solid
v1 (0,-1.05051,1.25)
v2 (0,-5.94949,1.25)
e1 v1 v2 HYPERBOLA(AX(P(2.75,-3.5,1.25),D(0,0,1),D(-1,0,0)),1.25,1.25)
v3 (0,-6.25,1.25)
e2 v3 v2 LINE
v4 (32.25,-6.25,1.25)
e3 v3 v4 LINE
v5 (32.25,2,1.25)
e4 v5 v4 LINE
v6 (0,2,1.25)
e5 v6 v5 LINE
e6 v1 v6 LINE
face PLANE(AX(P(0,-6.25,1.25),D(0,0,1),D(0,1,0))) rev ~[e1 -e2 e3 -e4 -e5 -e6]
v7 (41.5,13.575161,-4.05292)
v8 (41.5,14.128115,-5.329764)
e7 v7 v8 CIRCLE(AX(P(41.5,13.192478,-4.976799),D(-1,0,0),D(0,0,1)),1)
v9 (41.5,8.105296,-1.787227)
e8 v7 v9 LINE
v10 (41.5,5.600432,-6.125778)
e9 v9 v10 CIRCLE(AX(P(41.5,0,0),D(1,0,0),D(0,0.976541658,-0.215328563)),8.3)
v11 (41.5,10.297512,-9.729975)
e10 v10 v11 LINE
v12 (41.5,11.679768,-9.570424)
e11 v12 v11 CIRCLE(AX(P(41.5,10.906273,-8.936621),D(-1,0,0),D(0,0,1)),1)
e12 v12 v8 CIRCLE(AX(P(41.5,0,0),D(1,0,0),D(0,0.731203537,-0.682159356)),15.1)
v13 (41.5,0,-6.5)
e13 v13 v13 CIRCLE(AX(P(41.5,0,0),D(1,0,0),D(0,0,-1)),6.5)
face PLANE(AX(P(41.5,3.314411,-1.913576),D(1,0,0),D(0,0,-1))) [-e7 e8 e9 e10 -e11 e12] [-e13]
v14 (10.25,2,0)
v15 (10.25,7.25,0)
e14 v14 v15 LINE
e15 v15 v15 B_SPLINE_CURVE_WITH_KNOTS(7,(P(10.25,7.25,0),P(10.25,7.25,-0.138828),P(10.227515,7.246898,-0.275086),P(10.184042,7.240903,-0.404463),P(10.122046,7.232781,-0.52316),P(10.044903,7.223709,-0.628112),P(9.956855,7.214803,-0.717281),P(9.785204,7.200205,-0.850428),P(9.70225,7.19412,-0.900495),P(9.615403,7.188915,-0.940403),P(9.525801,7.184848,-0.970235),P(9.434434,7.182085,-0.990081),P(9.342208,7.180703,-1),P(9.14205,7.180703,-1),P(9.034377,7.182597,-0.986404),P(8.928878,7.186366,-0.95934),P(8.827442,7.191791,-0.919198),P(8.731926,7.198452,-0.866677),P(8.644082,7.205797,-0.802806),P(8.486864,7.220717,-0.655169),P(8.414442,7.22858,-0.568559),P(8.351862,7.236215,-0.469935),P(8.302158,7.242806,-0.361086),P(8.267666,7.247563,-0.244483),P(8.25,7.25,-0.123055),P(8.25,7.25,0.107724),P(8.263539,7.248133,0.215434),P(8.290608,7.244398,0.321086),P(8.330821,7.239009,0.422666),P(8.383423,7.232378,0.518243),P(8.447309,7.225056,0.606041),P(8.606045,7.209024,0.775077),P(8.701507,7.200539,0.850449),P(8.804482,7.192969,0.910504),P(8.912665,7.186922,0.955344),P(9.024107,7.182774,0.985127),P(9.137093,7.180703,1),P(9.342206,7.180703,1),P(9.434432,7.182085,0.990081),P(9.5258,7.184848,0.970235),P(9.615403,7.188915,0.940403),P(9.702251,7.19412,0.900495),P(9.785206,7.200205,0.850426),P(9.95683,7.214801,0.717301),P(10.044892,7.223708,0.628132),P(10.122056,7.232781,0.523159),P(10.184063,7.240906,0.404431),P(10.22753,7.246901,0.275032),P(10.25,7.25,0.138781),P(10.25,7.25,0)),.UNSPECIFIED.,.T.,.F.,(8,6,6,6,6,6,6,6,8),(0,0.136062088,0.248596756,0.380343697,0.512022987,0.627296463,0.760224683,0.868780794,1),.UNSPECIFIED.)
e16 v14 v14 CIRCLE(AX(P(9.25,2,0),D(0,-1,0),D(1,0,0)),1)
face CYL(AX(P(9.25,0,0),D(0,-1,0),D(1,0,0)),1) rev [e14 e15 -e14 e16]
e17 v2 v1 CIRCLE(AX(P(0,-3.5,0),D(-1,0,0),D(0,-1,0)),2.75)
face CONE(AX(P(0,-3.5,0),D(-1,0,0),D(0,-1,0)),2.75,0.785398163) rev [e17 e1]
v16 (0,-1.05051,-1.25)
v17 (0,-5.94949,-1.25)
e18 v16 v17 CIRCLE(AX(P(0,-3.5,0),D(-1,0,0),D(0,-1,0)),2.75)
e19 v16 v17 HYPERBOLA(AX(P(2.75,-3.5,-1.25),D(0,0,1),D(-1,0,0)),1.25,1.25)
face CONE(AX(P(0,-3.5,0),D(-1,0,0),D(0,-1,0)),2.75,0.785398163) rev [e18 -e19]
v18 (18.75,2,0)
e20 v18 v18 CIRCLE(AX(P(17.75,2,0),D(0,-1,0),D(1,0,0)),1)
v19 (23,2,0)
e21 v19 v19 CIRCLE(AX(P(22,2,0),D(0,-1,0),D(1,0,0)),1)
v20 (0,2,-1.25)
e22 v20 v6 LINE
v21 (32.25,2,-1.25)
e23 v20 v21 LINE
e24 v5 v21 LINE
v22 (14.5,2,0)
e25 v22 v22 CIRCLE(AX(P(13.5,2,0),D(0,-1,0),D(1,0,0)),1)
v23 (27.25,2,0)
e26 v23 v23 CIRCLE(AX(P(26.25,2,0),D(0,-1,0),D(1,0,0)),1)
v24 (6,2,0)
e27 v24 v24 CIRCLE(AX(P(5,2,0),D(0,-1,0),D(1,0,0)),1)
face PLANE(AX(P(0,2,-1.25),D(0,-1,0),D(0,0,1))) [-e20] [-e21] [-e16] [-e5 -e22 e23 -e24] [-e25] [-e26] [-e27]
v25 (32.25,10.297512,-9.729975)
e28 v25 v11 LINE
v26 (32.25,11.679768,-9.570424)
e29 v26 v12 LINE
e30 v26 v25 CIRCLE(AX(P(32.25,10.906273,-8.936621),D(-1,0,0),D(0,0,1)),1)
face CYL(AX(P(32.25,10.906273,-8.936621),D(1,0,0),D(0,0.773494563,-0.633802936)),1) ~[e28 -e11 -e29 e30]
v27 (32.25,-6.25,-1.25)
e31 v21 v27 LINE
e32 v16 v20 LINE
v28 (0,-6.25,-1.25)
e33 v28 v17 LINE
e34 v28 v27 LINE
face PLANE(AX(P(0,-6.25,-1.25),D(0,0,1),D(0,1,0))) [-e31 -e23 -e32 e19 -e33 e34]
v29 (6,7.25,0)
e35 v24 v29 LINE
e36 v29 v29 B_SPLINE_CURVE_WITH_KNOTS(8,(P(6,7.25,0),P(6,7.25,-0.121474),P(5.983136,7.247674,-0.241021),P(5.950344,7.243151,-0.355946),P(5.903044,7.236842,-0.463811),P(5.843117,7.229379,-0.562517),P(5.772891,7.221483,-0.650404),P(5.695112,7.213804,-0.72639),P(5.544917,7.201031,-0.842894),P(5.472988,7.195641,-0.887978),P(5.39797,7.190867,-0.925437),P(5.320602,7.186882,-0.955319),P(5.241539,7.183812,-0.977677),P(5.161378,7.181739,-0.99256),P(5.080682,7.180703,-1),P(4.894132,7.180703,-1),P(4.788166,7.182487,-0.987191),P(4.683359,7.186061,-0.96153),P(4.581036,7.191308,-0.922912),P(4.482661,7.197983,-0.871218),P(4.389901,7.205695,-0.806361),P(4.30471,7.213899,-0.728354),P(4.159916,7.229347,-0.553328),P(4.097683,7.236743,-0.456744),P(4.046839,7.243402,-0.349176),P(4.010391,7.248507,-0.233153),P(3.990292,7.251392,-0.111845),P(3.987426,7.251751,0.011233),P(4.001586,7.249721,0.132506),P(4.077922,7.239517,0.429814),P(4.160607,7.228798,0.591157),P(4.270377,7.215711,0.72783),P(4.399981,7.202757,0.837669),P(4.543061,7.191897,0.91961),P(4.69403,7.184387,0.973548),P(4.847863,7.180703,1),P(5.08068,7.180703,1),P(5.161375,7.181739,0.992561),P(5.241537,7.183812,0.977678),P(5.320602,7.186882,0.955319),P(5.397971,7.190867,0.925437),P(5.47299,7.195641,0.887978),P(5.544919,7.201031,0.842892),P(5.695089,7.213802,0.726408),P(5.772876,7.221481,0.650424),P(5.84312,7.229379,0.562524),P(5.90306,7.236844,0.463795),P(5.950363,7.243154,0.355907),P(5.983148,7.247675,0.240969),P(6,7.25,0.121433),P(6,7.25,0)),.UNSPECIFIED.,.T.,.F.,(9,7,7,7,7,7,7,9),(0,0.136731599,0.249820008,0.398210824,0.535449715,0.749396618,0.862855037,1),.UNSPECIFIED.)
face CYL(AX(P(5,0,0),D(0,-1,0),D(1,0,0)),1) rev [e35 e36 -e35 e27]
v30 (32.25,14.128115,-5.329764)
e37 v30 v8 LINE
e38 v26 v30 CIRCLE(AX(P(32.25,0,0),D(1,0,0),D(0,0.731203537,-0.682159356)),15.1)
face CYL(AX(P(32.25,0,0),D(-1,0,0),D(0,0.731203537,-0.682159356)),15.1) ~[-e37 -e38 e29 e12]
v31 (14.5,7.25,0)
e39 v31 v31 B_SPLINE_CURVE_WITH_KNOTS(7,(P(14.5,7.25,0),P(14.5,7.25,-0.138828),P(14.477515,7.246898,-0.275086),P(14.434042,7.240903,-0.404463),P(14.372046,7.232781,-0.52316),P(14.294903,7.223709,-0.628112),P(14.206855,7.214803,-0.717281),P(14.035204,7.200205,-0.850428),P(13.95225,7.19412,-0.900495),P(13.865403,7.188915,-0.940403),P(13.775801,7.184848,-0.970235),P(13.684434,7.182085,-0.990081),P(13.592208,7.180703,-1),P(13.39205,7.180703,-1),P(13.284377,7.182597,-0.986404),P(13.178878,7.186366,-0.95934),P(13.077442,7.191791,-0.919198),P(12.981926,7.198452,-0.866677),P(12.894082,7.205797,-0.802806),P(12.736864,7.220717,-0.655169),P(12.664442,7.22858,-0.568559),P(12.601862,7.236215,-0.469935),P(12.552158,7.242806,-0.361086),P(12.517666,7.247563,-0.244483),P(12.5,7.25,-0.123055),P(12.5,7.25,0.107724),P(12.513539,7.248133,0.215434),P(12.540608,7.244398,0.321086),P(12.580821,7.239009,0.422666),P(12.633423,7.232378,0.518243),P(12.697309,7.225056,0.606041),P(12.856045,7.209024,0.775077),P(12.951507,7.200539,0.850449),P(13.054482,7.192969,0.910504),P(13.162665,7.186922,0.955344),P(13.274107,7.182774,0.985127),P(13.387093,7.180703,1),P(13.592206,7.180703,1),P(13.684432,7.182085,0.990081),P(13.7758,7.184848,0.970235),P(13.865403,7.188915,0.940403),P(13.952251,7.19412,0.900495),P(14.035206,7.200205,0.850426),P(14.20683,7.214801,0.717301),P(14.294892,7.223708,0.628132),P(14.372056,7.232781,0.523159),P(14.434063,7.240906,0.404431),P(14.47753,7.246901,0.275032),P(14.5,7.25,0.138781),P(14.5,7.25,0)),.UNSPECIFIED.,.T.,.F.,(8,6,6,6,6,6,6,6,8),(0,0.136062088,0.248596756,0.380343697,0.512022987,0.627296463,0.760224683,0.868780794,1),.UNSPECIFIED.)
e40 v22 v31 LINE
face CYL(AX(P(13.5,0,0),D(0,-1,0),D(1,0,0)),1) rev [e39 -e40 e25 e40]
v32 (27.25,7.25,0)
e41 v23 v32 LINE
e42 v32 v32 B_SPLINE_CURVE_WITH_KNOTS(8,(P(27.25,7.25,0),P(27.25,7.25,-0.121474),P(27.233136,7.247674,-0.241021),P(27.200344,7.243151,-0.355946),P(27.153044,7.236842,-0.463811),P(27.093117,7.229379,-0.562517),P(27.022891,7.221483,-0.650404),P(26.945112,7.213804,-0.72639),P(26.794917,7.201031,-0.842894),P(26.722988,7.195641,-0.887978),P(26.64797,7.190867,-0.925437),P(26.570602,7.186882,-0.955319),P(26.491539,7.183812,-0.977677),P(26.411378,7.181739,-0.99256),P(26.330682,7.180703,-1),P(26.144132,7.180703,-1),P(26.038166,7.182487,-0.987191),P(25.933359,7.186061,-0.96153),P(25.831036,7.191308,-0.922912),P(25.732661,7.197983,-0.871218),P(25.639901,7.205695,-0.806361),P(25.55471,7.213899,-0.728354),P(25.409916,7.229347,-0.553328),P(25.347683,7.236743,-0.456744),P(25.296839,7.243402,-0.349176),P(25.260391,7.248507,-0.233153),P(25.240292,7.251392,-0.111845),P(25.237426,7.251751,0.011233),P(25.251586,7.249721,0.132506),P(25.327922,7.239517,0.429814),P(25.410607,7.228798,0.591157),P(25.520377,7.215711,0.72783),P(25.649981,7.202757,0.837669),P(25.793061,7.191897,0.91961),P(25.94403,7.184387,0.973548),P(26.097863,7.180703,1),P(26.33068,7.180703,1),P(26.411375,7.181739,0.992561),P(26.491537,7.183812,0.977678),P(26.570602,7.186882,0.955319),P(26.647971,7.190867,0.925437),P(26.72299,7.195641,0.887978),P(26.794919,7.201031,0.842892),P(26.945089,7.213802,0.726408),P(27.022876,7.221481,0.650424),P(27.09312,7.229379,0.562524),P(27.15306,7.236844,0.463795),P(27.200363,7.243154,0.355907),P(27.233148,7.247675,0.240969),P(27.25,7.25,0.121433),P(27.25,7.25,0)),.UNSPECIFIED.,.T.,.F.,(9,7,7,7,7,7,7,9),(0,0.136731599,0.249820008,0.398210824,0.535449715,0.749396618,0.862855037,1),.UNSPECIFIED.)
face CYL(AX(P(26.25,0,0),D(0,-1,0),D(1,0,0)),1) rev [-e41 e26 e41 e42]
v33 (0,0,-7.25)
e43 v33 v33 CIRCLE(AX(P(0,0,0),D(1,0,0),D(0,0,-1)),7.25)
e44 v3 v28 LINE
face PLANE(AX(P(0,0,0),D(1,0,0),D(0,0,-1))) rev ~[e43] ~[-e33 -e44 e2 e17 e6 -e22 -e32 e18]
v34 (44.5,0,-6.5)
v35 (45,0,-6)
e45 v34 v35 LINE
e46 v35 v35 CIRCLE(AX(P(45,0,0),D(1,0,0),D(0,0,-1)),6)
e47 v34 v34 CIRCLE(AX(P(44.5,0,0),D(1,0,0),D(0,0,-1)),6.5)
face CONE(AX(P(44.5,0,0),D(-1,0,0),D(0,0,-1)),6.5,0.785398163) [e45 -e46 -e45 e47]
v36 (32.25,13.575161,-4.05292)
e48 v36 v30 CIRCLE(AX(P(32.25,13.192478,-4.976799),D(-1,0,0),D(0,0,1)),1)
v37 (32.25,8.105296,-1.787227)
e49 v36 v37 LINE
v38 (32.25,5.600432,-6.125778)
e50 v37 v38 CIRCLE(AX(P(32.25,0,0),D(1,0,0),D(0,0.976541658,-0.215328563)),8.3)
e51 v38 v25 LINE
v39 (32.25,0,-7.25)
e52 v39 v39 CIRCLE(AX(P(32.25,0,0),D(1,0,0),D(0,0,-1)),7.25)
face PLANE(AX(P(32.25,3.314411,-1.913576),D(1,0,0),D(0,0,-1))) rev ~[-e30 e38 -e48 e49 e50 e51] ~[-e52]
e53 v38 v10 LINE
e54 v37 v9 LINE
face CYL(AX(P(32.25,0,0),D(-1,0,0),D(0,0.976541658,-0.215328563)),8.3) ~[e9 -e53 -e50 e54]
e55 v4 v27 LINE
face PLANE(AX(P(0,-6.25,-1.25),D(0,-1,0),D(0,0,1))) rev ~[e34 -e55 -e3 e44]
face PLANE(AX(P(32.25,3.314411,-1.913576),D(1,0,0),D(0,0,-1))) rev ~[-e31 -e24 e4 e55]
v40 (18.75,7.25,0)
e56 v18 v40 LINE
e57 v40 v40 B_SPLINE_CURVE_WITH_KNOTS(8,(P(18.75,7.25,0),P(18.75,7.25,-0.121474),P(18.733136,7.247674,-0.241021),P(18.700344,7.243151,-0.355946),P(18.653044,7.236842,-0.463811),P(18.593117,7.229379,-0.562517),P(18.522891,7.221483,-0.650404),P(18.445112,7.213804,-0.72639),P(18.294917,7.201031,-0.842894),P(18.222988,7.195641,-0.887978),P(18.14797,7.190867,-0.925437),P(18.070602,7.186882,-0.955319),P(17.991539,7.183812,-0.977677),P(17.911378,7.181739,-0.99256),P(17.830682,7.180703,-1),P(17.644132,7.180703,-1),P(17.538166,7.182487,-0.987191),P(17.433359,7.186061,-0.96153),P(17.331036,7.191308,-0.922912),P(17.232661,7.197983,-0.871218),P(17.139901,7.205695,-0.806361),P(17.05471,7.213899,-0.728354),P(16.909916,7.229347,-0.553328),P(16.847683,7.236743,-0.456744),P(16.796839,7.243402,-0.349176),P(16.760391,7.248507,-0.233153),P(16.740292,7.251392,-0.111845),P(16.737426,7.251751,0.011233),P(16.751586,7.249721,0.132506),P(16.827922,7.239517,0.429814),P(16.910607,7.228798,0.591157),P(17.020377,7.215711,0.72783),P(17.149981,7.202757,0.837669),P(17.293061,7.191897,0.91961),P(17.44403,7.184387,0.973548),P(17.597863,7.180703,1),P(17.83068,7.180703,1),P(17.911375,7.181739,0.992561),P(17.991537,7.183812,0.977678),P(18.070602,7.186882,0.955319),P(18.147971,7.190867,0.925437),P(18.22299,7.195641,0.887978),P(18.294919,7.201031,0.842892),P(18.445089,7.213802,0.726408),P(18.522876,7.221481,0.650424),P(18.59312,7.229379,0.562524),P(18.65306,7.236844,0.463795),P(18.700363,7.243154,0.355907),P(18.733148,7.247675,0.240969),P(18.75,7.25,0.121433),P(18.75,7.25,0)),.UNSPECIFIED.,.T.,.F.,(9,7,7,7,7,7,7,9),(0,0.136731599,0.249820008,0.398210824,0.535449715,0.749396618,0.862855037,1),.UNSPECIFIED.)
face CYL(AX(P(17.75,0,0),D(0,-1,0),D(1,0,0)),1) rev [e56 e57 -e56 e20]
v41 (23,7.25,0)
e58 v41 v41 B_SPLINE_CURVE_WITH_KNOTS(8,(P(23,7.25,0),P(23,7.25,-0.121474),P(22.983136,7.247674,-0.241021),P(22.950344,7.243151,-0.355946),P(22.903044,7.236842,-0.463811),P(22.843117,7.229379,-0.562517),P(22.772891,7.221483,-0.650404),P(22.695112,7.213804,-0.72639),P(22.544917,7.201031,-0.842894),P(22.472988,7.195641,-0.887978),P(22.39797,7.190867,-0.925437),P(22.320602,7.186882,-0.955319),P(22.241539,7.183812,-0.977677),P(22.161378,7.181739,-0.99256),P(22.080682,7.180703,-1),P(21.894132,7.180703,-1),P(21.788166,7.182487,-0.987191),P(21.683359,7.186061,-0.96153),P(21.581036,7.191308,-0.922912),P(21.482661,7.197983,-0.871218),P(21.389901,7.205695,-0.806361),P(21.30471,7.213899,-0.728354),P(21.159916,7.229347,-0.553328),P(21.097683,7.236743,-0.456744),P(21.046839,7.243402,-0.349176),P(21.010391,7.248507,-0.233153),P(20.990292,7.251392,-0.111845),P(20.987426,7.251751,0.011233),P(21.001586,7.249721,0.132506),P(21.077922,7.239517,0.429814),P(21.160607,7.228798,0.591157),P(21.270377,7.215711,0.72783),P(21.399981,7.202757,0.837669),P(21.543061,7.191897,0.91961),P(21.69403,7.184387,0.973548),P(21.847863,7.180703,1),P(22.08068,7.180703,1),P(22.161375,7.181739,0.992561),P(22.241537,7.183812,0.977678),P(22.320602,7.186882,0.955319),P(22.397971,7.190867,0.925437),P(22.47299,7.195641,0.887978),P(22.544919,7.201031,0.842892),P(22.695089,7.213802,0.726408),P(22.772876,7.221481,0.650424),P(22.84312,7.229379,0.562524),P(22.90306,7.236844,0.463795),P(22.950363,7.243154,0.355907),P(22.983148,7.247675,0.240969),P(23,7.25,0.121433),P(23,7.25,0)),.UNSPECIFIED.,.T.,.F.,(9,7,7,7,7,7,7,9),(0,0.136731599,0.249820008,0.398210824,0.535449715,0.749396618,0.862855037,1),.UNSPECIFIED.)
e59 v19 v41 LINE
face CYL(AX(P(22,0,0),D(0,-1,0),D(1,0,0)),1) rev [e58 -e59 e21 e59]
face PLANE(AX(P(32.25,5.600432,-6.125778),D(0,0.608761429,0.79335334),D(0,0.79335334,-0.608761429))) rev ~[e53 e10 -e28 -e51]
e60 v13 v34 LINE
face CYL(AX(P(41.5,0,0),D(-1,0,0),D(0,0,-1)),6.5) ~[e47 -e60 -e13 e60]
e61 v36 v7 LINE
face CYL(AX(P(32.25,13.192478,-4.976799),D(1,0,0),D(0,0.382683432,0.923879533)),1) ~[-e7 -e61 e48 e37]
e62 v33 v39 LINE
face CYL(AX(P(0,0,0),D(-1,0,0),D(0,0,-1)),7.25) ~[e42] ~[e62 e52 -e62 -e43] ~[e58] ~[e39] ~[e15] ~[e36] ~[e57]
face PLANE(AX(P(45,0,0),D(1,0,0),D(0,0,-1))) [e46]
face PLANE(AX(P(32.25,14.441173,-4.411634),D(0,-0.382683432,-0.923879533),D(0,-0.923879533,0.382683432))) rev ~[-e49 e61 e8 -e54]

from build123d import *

# Parameters (mm, degrees)
SKETCH1_R           = 7.25
OUTSIDE_DIA_DEPTH   = 32.25
SKETCH2_W           = 2.5
SKETCH2_H           = 8.25
KEYHOLE_DEPTH       = 33.25
SKETCH3_R           = 1
PIN_1_DEPTH         = 35
LPATTERN1_COUNT     = 6
LPATTERN1_PITCH     = 4.25
CAM_DEPTH           = 9.25
FILLET_R1_R         = 1
SKETCH6_R           = 6.5
END_BIT_DEPTH       = 3.5
F_0_5_X_45_DEG_SIZE = 0.5


with BuildPart() as part:
    # Sketch1 → outside dia (new body)
    with BuildSketch(Plane(origin=(0, 0, 0), x_dir=(0, 0, -1), z_dir=(1, 0, 0))):
        Circle(SKETCH1_R)
    extrude(amount=OUTSIDE_DIA_DEPTH)

    # Sketch2 → keyhole (cut, through all)
    with BuildSketch(Plane.ZY):
        with Locations((0, -2.125)):
            Rectangle(SKETCH2_W, SKETCH2_H)
    extrude(amount=-KEYHOLE_DEPTH, mode=Mode.SUBTRACT)

    # Sketch3 → pin 1 (cut)
    with BuildSketch(Plane(origin=(0, 0, 0), x_dir=(1, 0, 0), z_dir=(0, 1, 0))):
        with Locations((5, 0)):
            Circle(SKETCH3_R)
    pin_1 = extrude(amount=PIN_1_DEPTH, mode=Mode.SUBTRACT)

    # LPattern1: pin 1 ×6
    with Locations(*[(i * LPATTERN1_PITCH, 0, 0) for i in range(1, LPATTERN1_COUNT)]):
        add(pin_1, mode=Mode.SUBTRACT)

    # Sketch4 → front cone 5.5 x 90 deg (revolve, cut)
    with BuildSketch(Plane.XY):
        Polygon((0, -3.5), (0, -6.25), (2.75, -3.5), align=None)
    revolve(axis=Axis((2.75, -3.5, 0), (-1, 0, 0)), mode=Mode.SUBTRACT)

    # Sketch5 → cam (add)
    with BuildSketch(Plane(origin=(32.25, 0, 0), x_dir=(0, 0, -1), z_dir=(1, 0, 0))):
        with BuildLine():
            Line((4.411633528, 14.441173415), (1.787227075, 8.105295762))
            ThreePointArc((1.787227075, 8.105295762), (-4.15, -7.188010851), (6.125778497, 5.60043193))
            Line((6.125778497, 5.60043193), (10.300606274, 11.041173415))
            ThreePointArc((10.300606274, 11.041173415), (7.55, 13.076983597), (4.411633528, 14.441173415))
        make_face()
    extrude(amount=CAM_DEPTH)

    # Fillet R1
    fillet_r1_edges = [part.edges().sort_by_distance(p)[0] for p in [
        (36.875, 11.041173415, -10.300606274),
        (36.875, 14.441173415, -4.411633528),
    ]]
    fillet(fillet_r1_edges, radius=FILLET_R1_R)

    # Sketch6 → end bit (add)
    with BuildSketch(Plane(origin=(41.5, 0, 0), x_dir=(0, 0, -1), z_dir=(1, 0, 0))):
        Circle(SKETCH6_R)
    extrude(amount=END_BIT_DEPTH)

    # 0.5 x 45 deg
    f_0_5_x_45_deg_edges = [part.edges().sort_by_distance(p)[0] for p in [
        (45, 0, 6.5),
    ]]
    chamfer(f_0_5_x_45_deg_edges, length=F_0_5_X_45_DEG_SIZE)


solid = part.part
